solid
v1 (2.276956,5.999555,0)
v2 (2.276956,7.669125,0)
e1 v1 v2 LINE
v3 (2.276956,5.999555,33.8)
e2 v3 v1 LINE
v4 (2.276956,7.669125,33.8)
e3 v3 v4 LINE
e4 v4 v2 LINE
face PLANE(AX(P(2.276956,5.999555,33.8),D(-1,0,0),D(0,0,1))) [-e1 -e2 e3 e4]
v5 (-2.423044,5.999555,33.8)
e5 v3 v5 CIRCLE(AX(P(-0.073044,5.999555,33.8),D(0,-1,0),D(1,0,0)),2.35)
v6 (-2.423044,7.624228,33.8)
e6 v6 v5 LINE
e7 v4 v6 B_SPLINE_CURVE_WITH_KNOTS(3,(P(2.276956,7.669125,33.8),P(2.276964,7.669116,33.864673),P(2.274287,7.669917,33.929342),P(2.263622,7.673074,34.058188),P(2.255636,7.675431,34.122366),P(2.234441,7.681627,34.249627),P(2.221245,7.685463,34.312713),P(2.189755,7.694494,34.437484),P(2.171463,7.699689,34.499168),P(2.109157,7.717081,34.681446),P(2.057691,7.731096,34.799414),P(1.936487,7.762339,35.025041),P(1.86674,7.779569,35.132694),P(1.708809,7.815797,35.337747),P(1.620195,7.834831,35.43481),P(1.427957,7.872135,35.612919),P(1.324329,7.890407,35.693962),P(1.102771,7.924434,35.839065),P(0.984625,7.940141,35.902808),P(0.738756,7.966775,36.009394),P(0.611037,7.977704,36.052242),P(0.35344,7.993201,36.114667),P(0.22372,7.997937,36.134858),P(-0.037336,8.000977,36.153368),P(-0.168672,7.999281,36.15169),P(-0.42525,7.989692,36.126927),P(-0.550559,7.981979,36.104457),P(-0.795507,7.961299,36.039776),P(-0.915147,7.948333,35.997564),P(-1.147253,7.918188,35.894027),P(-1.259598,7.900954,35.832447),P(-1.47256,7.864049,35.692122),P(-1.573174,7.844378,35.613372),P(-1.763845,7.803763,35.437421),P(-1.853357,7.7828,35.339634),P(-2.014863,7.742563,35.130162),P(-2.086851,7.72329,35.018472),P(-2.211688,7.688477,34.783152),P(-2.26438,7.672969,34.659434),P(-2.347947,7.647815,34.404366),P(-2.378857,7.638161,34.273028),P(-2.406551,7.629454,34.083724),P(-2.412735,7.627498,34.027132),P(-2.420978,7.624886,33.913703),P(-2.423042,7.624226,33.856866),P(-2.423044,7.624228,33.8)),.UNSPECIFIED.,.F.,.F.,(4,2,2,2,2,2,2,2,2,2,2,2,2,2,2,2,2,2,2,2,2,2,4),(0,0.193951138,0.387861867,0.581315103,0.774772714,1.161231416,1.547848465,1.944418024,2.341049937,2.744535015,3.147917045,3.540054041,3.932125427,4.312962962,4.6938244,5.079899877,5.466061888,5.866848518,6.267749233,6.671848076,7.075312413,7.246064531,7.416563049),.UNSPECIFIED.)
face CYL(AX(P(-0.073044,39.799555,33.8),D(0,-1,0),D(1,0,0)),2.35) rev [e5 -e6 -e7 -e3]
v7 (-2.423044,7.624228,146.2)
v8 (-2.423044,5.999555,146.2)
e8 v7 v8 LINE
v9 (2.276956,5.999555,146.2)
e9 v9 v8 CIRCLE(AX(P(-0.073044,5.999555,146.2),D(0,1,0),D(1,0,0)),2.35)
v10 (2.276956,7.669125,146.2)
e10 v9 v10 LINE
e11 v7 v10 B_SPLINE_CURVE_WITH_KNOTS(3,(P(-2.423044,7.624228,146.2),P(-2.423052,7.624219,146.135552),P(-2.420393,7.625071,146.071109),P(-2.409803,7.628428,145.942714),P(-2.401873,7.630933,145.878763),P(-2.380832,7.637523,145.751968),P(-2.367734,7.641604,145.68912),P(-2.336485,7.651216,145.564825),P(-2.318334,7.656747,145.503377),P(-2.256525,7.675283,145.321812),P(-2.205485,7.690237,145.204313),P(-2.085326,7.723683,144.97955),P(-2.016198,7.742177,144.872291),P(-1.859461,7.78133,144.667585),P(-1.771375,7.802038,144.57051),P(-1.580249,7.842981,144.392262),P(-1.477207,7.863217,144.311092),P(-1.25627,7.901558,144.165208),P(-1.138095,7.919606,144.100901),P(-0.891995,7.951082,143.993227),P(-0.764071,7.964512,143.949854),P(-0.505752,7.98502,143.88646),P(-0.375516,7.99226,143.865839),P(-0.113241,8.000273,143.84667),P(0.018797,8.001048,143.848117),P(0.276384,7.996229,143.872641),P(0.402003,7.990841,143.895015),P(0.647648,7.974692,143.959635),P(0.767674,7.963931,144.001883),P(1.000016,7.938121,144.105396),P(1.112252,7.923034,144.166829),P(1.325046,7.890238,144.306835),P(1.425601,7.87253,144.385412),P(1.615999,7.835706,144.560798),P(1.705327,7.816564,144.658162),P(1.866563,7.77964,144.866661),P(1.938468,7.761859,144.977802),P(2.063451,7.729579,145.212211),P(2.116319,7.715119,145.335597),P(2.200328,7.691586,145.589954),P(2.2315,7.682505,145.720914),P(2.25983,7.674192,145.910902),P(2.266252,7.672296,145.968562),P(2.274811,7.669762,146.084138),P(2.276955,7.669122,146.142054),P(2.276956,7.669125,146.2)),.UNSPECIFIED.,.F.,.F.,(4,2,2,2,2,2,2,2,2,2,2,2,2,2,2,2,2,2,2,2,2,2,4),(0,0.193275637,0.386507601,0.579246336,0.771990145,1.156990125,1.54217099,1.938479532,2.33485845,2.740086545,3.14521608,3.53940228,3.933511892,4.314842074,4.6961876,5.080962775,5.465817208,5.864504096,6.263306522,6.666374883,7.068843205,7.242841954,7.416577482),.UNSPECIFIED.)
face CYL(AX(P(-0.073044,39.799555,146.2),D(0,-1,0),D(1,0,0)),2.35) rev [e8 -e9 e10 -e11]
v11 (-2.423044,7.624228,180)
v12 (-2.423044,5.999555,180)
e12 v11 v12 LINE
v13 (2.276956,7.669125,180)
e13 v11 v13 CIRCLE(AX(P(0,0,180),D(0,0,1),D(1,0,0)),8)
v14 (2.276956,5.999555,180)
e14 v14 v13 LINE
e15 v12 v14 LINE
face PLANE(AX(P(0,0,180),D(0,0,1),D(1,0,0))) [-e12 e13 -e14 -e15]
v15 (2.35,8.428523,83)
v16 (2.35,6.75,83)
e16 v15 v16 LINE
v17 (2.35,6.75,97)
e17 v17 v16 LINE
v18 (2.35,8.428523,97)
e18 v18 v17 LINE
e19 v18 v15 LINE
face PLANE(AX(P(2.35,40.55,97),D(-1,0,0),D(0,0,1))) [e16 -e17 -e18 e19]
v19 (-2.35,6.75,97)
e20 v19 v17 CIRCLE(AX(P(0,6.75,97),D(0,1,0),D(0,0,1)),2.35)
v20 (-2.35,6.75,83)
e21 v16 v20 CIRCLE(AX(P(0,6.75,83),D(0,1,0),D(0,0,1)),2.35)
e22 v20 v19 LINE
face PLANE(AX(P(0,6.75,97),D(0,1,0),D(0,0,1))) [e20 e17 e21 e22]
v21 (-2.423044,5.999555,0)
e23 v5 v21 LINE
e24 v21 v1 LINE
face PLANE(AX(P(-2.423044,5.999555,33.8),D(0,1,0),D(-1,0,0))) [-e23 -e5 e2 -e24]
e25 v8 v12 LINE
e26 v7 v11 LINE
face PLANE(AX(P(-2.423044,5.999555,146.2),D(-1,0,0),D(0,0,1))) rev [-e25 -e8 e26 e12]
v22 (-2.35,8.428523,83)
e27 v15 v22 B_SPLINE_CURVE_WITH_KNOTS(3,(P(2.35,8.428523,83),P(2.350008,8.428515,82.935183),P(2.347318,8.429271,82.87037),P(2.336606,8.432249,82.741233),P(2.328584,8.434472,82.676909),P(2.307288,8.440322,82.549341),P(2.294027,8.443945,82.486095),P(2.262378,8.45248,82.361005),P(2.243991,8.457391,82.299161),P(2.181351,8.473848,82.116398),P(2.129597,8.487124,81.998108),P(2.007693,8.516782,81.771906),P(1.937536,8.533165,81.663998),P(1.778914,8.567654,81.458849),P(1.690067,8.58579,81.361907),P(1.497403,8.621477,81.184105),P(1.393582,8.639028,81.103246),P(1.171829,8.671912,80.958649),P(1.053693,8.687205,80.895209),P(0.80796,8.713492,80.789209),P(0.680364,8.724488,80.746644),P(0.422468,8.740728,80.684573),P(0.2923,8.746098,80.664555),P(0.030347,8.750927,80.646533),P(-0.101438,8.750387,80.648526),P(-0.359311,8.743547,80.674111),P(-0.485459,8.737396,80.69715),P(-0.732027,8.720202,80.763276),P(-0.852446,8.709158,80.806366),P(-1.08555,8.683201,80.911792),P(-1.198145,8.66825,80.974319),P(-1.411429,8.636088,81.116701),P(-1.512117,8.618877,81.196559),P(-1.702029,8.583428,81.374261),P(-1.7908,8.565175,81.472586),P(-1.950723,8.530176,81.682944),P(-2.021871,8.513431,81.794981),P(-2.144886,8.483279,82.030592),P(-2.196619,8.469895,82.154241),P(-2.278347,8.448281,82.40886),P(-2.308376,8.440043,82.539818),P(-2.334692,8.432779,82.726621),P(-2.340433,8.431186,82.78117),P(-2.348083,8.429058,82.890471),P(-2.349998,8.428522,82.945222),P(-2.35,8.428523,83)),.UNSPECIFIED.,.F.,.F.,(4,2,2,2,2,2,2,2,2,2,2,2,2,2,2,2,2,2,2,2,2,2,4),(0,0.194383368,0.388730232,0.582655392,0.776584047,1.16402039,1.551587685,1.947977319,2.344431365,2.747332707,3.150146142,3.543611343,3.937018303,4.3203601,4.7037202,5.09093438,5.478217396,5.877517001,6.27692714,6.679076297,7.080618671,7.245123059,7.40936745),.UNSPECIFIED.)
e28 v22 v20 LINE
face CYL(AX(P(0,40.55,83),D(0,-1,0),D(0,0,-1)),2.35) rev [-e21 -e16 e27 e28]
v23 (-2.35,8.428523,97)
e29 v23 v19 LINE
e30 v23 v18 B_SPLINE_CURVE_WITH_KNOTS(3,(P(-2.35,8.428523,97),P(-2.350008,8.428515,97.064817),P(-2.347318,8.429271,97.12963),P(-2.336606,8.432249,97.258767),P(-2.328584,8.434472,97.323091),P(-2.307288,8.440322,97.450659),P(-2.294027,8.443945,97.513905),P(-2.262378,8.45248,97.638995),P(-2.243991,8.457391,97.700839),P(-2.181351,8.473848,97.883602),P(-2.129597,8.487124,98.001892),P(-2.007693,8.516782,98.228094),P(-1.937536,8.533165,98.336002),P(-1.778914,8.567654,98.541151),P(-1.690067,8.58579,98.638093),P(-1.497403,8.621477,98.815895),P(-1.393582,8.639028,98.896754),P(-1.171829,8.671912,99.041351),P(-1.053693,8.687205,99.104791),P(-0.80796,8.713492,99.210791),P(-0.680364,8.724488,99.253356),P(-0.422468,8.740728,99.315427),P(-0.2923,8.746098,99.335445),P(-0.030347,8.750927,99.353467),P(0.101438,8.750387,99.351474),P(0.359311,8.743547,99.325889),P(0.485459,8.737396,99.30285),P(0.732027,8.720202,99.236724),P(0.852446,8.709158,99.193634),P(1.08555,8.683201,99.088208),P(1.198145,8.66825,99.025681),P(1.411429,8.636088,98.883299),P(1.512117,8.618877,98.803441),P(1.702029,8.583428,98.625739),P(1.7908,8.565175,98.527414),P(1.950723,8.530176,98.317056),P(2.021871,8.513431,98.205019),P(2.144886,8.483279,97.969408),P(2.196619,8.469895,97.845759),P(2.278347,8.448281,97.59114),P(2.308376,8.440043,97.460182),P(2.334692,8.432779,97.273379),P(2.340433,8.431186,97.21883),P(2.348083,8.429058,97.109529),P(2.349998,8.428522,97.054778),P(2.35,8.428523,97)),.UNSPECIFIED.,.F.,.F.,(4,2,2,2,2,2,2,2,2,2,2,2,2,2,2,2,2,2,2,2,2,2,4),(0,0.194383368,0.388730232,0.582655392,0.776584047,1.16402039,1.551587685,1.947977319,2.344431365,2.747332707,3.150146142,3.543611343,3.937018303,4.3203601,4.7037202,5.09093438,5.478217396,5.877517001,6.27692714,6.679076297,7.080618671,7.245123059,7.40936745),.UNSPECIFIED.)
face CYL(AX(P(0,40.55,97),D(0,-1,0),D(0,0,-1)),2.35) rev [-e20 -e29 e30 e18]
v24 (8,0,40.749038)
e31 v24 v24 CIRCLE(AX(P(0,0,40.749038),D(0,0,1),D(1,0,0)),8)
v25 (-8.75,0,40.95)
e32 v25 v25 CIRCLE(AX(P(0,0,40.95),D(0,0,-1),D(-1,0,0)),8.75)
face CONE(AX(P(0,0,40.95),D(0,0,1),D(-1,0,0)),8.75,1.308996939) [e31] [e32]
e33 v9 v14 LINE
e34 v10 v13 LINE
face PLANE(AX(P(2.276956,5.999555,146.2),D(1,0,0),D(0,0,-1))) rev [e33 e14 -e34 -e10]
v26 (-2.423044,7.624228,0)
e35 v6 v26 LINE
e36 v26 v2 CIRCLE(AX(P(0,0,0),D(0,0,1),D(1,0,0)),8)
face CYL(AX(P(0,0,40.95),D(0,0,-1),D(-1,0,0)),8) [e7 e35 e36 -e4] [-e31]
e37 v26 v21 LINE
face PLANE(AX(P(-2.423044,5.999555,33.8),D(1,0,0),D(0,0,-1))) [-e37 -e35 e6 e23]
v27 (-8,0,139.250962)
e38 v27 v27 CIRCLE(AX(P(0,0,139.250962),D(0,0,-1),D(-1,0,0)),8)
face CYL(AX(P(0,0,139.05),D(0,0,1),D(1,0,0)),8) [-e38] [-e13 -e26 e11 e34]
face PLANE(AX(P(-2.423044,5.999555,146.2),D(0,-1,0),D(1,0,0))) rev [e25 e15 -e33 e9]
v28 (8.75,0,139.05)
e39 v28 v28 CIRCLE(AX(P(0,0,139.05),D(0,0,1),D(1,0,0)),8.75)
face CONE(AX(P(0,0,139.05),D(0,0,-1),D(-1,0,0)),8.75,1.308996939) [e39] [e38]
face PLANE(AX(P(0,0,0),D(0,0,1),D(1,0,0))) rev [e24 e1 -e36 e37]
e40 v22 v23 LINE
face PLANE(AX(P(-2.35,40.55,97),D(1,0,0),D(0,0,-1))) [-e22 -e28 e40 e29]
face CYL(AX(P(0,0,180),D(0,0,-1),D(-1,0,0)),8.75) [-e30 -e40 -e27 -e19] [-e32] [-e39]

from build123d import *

# Parameters (mm, degrees)
SKETCH1_R           = 8.75
BOSS_EXTRUDE1_DEPTH = 180
SKETCH2_R           = 8.75
SKETCH2_R_2         = 8
CUT_EXTRUDE1_DEPTH  = 40.95
CUT_EXTRUDE2_DEPTH  = 33.8
CUT_EXTRUDE3_DEPTH  = 33.8
CUT_EXTRUDE4_DEPTH  = 33.8
SKETCH7_R           = 8.75
BOSS_EXTRUDE2_DEPTH = 7.8
SKETCH9_R           = 8.75
BOSS_EXTRUDE3_DEPTH = 0.3
BOSS_EXTRUDE3_TAPER = 75


with BuildPart() as part:
    # Sketch1 → Boss-Extrude1 (new body)
    with BuildSketch(Plane.XY):
        Circle(SKETCH1_R)
    extrude(amount=BOSS_EXTRUDE1_DEPTH)

    # Sketch2 → Cut-Extrude1 (cut)
    with BuildSketch(Plane.XY.offset(180)):
        Circle(SKETCH2_R)
        Circle(SKETCH2_R_2, mode=Mode.SUBTRACT)
    cut_extrude1 = extrude(amount=-CUT_EXTRUDE1_DEPTH, mode=Mode.SUBTRACT)

    # Sketch3 → Cut-Extrude2 (cut)
    with BuildSketch(Plane.XY.offset(180)):
        with BuildLine():
            Line((-2.423043871, 5.999555366), (2.276956129, 5.999555366))
            Line((2.276956129, 5.999555366), (2.276956129, 7.669124513))
            ThreePointArc((2.276956129, 7.669124513), (-0.076415462, 7.999635034), (-2.423043871, 7.62422838))
            Line((-2.423043871, 7.62422838), (-2.423043871, 5.999555366))
        make_face()
    cut_extrude2 = extrude(amount=-CUT_EXTRUDE2_DEPTH, mode=Mode.SUBTRACT)

    # Sketch4 → Cut-Extrude3 (cut)
    with BuildSketch(Plane(origin=(0, 5.999555366, 0), x_dir=(1, 0, 0), z_dir=(0, 1, 0))):
        with BuildLine():
            Line((-2.423043871, -146.2), (2.276956129, -146.2))
            ThreePointArc((2.276956129, -146.2), (-0.073043871, -143.85), (-2.423043871, -146.2))
        make_face()
    cut_extrude3 = extrude(amount=CUT_EXTRUDE3_DEPTH, mode=Mode.SUBTRACT)

    # Mirror1: Cut-Extrude1, Cut-Extrude2, Cut-Extrude3 across plane
    add(cut_extrude1.mirror(Plane.XY.offset(90)), mode=Mode.SUBTRACT)
    add(cut_extrude2.mirror(Plane.XY.offset(90)), mode=Mode.SUBTRACT)
    add(cut_extrude3.mirror(Plane.XY.offset(90)), mode=Mode.SUBTRACT)

    # Sketch6 → Cut-Extrude4 (cut)
    with BuildSketch(Plane(origin=(0, 6.75, 0), x_dir=(1, 0, 0), z_dir=(0, 1, 0))):
        with BuildLine():
            Line((-2.35, -97), (-2.35, -83))
            ThreePointArc((-2.35, -83), (0, -80.65), (2.35, -83))
            Line((2.35, -83), (2.35, -97))
            ThreePointArc((2.35, -97), (0, -99.35), (-2.35, -97))
        make_face()
    extrude(amount=CUT_EXTRUDE4_DEPTH, mode=Mode.SUBTRACT)

    # Sketch7 → Boss-Extrude2 (add)
    with BuildSketch(Plane(origin=(0, 0, 40.95), x_dir=(-1, 0, 0), z_dir=(0, 0, -1))):
        Circle(SKETCH7_R)
    extrude(amount=-BOSS_EXTRUDE2_DEPTH)

    # Sketch9 → Boss-Extrude3 (add)
    with BuildSketch(Plane(origin=(0, 0, 40.95), x_dir=(-1, 0, 0), z_dir=(0, 0, -1))):
        Circle(SKETCH9_R)
    boss_extrude3 = extrude(amount=BOSS_EXTRUDE3_DEPTH, taper=BOSS_EXTRUDE3_TAPER)

    # Mirror4: Boss-Extrude3 across plane
    add(boss_extrude3.mirror(Plane.XY.offset(90)))


solid = part.part
